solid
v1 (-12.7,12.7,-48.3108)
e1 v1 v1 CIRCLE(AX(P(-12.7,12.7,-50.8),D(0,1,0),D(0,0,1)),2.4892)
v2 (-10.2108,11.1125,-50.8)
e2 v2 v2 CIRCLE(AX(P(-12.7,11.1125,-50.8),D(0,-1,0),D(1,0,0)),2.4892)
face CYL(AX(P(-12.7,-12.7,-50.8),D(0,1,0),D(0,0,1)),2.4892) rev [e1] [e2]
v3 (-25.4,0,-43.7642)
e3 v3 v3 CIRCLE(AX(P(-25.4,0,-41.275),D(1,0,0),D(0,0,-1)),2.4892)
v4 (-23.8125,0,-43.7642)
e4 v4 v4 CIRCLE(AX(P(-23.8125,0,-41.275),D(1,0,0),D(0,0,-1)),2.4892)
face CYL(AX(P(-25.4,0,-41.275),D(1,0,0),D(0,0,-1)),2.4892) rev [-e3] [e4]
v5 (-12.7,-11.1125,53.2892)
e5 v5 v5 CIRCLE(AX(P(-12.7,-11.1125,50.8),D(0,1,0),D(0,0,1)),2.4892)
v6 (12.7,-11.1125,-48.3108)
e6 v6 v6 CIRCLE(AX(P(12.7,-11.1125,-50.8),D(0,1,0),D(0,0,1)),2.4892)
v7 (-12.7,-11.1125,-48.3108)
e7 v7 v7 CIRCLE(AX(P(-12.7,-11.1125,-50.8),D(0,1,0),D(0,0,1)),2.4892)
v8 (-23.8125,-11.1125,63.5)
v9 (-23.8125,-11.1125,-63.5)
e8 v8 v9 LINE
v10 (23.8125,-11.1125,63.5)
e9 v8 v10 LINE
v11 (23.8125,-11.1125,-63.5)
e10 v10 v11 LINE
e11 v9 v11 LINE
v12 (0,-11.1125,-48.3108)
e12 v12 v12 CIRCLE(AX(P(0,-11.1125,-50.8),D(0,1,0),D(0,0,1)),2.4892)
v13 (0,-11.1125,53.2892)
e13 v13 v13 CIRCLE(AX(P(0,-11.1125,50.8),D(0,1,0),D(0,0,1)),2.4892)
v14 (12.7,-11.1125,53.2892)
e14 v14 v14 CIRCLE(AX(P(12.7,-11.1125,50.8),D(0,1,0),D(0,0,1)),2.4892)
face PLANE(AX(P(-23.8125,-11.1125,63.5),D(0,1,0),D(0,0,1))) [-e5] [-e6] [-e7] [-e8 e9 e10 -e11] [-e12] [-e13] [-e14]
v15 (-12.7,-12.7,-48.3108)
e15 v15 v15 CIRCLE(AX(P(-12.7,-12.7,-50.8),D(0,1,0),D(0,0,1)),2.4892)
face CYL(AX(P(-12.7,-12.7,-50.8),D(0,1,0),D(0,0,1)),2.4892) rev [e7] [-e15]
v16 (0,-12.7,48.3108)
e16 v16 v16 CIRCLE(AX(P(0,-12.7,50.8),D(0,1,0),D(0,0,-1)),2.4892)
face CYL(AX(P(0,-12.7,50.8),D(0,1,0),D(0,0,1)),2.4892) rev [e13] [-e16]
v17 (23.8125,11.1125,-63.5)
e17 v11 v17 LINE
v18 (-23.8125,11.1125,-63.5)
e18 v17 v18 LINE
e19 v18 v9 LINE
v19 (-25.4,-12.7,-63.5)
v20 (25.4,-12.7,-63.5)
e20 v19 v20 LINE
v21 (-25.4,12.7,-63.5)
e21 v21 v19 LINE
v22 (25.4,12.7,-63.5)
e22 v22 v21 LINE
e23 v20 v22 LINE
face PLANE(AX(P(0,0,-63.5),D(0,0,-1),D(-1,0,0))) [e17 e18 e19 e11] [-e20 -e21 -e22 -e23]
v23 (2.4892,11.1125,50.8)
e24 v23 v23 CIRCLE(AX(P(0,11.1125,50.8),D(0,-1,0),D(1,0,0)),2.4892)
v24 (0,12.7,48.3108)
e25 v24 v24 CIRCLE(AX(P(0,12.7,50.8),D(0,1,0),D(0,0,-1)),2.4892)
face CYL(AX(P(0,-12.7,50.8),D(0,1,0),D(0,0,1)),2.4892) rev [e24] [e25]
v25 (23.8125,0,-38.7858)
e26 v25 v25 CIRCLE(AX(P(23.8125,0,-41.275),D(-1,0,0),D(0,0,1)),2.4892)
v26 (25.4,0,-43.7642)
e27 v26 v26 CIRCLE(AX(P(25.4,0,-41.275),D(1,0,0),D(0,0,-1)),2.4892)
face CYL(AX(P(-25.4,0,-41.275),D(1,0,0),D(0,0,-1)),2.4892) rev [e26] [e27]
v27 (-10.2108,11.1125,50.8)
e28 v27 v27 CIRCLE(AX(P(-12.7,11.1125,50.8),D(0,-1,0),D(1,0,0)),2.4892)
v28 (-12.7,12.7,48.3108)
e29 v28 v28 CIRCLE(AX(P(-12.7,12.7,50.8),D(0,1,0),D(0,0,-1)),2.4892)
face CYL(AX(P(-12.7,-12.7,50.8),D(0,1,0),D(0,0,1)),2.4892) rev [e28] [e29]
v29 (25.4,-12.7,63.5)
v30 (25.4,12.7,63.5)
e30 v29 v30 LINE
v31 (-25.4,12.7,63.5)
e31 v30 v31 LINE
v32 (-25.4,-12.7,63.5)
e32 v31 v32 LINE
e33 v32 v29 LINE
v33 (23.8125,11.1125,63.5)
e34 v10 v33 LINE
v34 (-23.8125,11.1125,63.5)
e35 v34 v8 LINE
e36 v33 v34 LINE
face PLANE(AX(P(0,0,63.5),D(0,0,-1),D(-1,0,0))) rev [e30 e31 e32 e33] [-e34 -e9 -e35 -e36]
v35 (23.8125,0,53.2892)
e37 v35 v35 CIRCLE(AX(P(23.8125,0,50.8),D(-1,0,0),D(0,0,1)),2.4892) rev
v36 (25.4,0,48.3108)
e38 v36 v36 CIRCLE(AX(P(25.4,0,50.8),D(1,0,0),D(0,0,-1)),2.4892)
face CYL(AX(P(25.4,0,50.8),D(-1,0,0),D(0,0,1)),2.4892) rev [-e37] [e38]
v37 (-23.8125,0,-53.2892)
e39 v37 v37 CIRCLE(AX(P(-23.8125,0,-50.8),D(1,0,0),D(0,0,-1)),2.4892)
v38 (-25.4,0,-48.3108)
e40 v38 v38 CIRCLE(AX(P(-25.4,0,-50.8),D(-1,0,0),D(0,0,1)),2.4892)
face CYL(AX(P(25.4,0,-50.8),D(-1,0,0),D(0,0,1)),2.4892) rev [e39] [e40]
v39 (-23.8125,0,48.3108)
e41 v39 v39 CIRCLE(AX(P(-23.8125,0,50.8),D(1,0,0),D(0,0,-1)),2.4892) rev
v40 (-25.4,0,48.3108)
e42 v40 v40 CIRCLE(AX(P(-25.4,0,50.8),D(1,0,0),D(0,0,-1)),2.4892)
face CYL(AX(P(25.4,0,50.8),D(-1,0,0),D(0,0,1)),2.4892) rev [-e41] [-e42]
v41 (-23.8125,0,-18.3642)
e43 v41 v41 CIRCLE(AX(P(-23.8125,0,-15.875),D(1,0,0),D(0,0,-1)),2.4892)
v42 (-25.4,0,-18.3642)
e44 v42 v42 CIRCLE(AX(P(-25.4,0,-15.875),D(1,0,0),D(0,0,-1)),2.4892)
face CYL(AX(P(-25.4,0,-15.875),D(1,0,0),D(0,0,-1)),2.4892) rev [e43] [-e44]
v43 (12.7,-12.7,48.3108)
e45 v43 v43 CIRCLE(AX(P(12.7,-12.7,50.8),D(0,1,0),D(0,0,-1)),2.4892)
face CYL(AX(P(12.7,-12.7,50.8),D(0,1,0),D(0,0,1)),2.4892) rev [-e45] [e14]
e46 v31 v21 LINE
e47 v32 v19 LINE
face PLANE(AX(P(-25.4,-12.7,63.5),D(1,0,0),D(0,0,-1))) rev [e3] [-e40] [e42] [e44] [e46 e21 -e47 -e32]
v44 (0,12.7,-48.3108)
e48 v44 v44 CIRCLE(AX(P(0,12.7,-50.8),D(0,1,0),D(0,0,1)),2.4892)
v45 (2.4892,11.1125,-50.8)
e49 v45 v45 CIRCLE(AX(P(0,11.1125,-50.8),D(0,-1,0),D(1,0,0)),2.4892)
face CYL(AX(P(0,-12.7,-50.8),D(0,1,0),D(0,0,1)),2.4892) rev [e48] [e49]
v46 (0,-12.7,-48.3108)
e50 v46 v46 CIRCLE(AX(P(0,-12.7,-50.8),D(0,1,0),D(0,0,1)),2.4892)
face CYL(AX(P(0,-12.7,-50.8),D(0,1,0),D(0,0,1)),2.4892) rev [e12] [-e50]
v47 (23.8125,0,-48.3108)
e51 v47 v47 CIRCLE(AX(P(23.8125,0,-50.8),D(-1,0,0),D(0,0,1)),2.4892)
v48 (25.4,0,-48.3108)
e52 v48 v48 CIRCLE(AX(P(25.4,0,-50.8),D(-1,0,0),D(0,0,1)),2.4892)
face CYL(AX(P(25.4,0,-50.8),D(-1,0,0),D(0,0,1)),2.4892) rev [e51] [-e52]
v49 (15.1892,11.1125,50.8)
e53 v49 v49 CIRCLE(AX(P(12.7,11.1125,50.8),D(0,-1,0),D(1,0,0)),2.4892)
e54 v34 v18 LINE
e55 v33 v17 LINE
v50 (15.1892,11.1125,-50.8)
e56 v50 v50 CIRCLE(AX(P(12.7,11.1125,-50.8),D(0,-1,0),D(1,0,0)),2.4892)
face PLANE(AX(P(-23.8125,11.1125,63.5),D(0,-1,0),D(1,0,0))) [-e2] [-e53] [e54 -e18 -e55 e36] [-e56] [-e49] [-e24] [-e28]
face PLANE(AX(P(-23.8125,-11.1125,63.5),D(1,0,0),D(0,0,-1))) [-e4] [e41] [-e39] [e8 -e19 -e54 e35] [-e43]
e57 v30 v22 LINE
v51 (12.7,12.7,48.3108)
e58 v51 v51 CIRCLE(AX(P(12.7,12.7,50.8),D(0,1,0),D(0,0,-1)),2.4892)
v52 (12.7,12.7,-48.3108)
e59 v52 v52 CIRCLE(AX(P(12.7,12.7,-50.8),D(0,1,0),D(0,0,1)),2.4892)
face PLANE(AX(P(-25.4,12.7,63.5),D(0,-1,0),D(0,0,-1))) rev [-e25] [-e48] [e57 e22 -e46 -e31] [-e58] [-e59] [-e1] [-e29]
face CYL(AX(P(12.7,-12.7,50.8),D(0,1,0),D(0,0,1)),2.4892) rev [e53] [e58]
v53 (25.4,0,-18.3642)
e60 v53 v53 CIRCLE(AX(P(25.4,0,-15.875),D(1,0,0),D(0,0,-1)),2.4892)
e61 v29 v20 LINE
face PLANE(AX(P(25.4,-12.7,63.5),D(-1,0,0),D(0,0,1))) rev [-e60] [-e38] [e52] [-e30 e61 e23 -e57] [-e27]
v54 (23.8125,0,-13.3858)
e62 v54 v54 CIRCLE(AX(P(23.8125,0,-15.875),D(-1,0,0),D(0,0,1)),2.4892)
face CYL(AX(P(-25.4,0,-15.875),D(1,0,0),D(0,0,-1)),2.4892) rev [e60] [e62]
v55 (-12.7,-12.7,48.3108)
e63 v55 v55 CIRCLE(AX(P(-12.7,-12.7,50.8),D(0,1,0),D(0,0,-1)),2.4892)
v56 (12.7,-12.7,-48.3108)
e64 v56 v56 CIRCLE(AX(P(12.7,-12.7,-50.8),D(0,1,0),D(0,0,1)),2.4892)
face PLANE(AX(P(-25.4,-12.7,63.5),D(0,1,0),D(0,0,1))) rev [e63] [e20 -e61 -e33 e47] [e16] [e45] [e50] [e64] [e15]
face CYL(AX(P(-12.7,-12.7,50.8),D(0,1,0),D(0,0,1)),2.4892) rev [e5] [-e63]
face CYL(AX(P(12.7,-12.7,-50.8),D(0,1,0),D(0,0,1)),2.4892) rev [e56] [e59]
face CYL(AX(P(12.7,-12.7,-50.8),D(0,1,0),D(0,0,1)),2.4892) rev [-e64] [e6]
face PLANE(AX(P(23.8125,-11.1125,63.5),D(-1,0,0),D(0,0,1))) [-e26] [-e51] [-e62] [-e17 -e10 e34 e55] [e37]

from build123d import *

# Parameters (mm, degrees)
SKETCH1_W           = 50.8
SKETCH1_H           = 25.4
SKETCH1_W_2         = 47.625
SKETCH1_H_2         = 22.225
BOSS_EXTRUDE1_DEPTH = 63.5
SKETCH2_R           = 2.4892
CUT_EXTRUDE1_DEPTH  = 26.4
SKETCH3_R           = 2.4892
CUT_EXTRUDE2_DEPTH  = 51.8
SKETCH5_R           = 2.4892
CUT_EXTRUDE3_DEPTH  = 51.8


with BuildPart() as part:
    # Sketch1 → Boss-Extrude1 (new body, symmetric)
    with BuildSketch(Plane.XY):
        Rectangle(SKETCH1_W, SKETCH1_H)
        Rectangle(SKETCH1_W_2, SKETCH1_H_2, mode=Mode.SUBTRACT)
    extrude(amount=BOSS_EXTRUDE1_DEPTH, both=True)

    # Sketch2 → Cut-Extrude1 (cut, through all)
    with BuildSketch(Plane(origin=(0, 12.7, 0), x_dir=(1, 0, 0), z_dir=(0, 1, 0))):
        with Locations((-12.7, 50.8)):
            Circle(SKETCH2_R)
        with Locations((0, 50.8)):
            Circle(SKETCH2_R)
        with Locations((12.7, 50.8)):
            Circle(SKETCH2_R)
        with Locations((12.7, -50.8)):
            Circle(SKETCH2_R)
        with Locations((0, -50.8)):
            Circle(SKETCH2_R)
        with Locations((-12.7, -50.8)):
            Circle(SKETCH2_R)
    extrude(amount=-CUT_EXTRUDE1_DEPTH, mode=Mode.SUBTRACT)

    # Sketch3 → Cut-Extrude2 (cut, through all)
    with BuildSketch(Plane.ZY.offset(25.4)):
        with Locations((-50.8, 0)):
            Circle(SKETCH3_R)
        with Locations((50.8, 0)):
            Circle(SKETCH3_R)
    extrude(amount=-CUT_EXTRUDE2_DEPTH, mode=Mode.SUBTRACT)

    # Sketch5 → Cut-Extrude3 (cut, through all)
    with BuildSketch(Plane(origin=(25.4, 0, 0), x_dir=(0, 0, -1), z_dir=(1, 0, 0))):
        with Locations((41.275, 0)):
            Circle(SKETCH5_R)
        with Locations((15.875, 0)):
            Circle(SKETCH5_R)
    extrude(amount=-CUT_EXTRUDE3_DEPTH, mode=Mode.SUBTRACT)


solid = part.part
